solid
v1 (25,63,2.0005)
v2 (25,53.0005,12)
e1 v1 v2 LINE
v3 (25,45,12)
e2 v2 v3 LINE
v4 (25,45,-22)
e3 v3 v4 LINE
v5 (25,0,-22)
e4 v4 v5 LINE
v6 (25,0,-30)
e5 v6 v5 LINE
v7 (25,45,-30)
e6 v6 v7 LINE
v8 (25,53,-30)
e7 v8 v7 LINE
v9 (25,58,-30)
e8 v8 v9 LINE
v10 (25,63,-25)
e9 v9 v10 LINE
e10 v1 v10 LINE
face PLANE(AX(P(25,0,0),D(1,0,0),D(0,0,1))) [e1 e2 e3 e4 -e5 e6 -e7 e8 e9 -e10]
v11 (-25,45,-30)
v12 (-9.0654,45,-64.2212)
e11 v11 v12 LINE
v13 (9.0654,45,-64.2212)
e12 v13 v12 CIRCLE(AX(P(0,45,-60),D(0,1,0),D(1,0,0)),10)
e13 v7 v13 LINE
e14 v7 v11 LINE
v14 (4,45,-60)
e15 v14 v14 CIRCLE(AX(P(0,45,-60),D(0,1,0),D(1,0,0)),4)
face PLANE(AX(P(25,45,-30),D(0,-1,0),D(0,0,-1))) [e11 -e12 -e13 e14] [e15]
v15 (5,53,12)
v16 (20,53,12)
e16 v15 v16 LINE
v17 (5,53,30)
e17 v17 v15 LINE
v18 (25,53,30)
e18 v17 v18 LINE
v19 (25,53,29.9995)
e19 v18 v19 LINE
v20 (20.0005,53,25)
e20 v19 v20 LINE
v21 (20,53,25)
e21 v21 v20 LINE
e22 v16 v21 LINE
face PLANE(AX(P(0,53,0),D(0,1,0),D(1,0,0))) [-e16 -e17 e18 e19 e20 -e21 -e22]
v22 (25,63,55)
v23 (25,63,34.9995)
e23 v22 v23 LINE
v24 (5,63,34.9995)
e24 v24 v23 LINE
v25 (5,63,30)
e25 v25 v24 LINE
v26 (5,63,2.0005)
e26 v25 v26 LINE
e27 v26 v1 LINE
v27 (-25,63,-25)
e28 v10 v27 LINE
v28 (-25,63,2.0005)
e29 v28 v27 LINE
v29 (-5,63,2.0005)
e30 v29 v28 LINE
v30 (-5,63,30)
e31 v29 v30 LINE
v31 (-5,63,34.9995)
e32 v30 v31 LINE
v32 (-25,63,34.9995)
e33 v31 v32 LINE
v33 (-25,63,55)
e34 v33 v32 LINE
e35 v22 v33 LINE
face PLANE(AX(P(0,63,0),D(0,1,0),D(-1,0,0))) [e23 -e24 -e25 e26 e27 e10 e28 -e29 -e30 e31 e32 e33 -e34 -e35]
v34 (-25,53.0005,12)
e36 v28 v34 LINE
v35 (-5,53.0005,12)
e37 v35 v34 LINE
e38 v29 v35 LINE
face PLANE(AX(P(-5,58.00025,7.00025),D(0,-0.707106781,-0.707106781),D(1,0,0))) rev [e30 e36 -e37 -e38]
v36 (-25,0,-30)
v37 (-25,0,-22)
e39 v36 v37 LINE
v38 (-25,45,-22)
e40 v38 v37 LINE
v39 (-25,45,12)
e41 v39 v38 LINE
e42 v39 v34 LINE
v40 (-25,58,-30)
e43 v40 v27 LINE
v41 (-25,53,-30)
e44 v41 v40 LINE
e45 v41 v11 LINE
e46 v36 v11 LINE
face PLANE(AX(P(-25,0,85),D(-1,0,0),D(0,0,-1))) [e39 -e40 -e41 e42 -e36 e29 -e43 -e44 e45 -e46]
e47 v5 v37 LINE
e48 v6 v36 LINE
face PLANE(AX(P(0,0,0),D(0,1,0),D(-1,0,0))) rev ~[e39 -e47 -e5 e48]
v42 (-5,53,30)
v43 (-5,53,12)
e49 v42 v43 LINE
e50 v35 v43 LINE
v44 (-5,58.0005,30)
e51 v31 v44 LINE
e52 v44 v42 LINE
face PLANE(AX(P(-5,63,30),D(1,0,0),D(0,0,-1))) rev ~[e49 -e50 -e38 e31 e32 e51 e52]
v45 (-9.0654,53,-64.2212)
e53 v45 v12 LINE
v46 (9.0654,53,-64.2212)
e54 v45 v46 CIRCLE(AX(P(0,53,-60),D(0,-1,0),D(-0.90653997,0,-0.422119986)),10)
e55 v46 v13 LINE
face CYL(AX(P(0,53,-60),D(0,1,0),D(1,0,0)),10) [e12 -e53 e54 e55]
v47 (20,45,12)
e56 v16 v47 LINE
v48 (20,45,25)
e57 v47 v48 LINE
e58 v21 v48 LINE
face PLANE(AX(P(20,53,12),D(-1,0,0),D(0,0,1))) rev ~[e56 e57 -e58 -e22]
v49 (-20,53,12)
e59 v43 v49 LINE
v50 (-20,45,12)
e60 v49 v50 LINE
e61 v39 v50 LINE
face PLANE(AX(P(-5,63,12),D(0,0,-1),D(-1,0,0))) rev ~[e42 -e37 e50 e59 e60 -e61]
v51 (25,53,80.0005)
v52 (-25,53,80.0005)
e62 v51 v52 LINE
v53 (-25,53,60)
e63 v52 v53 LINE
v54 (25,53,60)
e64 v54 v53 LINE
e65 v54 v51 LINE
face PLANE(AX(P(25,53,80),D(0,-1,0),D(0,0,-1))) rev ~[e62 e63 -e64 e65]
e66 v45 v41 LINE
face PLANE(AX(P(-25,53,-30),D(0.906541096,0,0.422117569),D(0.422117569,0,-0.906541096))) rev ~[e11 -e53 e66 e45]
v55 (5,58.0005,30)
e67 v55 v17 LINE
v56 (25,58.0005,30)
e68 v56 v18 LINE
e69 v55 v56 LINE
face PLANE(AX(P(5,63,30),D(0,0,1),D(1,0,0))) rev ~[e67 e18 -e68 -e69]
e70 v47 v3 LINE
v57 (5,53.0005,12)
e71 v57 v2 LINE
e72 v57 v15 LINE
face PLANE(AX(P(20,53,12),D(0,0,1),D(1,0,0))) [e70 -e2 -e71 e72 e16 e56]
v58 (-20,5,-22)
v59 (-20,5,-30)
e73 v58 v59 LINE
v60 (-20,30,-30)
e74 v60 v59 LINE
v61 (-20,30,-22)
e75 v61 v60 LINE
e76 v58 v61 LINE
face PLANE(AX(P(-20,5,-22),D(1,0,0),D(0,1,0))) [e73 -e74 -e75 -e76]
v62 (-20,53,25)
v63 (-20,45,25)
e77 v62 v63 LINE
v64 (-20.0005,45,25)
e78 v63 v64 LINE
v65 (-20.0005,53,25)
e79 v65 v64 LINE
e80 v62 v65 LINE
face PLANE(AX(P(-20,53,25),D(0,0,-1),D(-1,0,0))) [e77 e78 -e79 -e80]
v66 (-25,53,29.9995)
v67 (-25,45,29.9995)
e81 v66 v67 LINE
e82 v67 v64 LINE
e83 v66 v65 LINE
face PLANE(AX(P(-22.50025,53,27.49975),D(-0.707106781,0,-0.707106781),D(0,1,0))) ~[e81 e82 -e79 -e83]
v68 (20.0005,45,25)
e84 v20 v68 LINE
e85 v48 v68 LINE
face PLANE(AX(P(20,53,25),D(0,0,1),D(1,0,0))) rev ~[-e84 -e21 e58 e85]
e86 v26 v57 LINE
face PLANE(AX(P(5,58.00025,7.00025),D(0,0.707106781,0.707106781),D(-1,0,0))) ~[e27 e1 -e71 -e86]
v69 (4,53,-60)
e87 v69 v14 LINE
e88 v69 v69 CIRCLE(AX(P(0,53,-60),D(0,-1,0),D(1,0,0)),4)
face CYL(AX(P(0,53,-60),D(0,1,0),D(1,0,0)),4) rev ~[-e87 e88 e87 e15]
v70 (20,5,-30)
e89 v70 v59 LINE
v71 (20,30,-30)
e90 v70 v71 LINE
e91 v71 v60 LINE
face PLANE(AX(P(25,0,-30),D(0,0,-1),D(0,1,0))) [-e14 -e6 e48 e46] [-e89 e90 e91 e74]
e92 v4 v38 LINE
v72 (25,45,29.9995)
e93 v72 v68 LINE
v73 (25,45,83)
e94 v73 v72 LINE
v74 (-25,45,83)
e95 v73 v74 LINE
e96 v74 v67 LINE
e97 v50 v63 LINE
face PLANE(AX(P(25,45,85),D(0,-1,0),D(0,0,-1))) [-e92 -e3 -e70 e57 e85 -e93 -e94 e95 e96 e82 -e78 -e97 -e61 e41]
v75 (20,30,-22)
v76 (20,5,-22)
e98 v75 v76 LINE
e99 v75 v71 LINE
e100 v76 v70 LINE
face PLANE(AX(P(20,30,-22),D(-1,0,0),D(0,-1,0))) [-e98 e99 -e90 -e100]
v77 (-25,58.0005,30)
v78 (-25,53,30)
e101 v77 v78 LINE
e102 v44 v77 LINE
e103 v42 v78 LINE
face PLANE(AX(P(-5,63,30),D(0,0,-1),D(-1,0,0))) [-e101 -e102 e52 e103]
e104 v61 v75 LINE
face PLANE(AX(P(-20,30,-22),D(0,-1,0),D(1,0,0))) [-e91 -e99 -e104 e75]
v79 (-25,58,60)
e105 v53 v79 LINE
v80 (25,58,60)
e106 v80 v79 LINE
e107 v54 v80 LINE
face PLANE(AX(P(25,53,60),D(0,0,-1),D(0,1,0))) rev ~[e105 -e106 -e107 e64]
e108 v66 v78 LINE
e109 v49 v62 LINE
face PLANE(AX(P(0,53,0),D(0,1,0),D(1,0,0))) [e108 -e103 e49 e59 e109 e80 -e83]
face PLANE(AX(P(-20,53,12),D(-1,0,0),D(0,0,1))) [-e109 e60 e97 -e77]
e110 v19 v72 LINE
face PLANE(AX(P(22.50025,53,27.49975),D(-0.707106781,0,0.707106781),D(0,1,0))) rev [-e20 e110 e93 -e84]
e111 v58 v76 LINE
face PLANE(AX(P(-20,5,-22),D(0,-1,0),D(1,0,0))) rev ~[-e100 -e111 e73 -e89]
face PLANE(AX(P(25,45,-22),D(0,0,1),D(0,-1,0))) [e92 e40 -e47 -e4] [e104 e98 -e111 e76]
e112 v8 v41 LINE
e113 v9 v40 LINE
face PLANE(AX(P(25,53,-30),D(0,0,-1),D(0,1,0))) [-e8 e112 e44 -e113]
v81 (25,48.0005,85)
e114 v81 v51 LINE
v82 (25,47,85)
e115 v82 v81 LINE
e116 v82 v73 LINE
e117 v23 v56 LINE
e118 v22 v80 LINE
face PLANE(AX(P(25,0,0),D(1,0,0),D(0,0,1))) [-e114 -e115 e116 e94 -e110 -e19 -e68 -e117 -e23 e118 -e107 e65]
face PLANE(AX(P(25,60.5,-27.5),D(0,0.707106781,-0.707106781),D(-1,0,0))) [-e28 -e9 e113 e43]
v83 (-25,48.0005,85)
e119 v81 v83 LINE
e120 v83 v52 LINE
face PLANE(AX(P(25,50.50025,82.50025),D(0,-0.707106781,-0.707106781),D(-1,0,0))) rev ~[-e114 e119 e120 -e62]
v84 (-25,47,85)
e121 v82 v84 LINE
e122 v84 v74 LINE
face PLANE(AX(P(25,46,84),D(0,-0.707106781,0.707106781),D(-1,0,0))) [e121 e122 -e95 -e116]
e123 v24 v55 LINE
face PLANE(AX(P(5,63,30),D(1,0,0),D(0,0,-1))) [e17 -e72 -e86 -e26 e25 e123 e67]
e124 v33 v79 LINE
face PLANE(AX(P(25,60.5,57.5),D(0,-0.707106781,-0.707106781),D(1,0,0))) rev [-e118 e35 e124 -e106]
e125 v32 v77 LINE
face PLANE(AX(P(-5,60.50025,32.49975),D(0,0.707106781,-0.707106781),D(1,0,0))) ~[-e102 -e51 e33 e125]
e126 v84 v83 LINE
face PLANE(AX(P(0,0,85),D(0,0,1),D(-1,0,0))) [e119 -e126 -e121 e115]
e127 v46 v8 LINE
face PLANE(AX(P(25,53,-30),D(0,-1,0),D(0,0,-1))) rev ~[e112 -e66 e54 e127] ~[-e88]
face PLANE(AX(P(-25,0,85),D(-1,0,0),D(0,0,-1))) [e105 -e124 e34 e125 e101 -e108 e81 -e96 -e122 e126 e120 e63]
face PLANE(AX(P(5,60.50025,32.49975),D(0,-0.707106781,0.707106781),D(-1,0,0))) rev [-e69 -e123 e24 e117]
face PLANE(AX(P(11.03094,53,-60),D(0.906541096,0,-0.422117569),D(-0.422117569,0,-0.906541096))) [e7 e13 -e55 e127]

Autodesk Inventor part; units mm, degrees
ref_plane "YZ Plane" through (0, 0, 0) normal (1, 0, 0) x (0, 1, 0)
ref_plane "XZ Plane" through (0, 0, 0) normal (0, 1, 0) x (-1, 0, 0)
ref_plane "XY Plane" through (0, 0, 0) normal (0, 0, 1) x (1, 0, 0)
sketch "Sketch1" plane through (0, 0, 0) normal (0, 1, 0) x (-1, 0, 0)
  line L0 (0, 85) -> (0, -85)
  line L1 (25, 0) -> (-25, 0)
  line L2 (0, 85) -> (25, 85)
  line L3 (25, 85) -> (25, -85)
  line L4 (25, -85) -> (-25, -85)
  line L5 (-25, -85) -> (-25, 85)
  line L6 (-25, 85) -> (0, 85)
  point P0 (0, 0)
  point P1 (0, 0)
  point P2 (0, 0)
  dimension "d1" = 50
extrude "Extrusion1" add sketch "Sketch1" along normal blind 63
sketch "Sketch2" plane through (25, 0, 85) normal (1, 0, 0) x (0, 0, -1)
  line L0 (0, 0) -> (170, 0) projected
  line L1 (170, 0) -> (170, 63) projected
  line L2 (0, 63) -> (170, 63) projected
  line L3 (0, 0) -> (0, 63) projected
  line L4 (0, 0) -> (170, 0) projected
  line L5 (0, 0) -> (0, 45)
  line L6 (0, 0) -> (0, 63) projected
  line L7 (0, 45) -> (107, 45)
  line L8 (107, 45) -> (107, 0)
  point P0 (85, 0)
  dimension "d4" = 45
  dimension "d5" = 107
extrude "Extrusion2" cut sketch "Sketch2" against normal up to next contours L3 L7 L8 L0
sketch "Sketch3" plane through (25, 0, -22) normal (0, 0, 1) x (1, 0, 0)
  line L0 (-50, 0) -> (-50, 45) projected
  line L1 (0, 0) -> (-50, 0) projected
  line L2 (0, 45) -> (0, 0) projected
  line L3 (0, 45) -> (-50, 45) projected
  line L4 (-45, 5) -> (-5, 5)
  line L5 (-5, 30) -> (-5, 5)
  line L6 (-45, 5) -> (-45, 30)
  line L7 (-45, 30) -> (-5, 30)
  point P0 (-25, 0)
  dimension "d10" = 25
  dimension "d11" = 5
  dimension "d12" = 5
  dimension "d13" = 5
extrude "Extrusion3" cut sketch "Sketch3" against normal up to next contours L6 L7 L5 L4
sketch "Sketch4" plane through (25, 0, -85) normal (1, 0, 0) x (0, 0, -1)
  line L0 (-63, 45) -> (-63, 0) projected
  line L1 (-63, 0) -> (0, 0) projected
  line L2 (0, 0) -> (0, 63) projected
  line L3 (-170, 63) -> (0, 63) projected
  line L4 (-170, 45) -> (-170, 63) projected
  line L5 (-170, 45) -> (-63, 45) projected
  line L6 (-170, 45) -> (-165, 45)
  line L7 (-170, 45) -> (-63, 45) projected
  line L8 (-165, 45) -> (-165, 63)
  line L9 (-170, 63) -> (0, 63) projected
  line L10 (-170, 45) -> (-170, 53)
  line L11 (-170, 45) -> (-170, 63) projected
  line L12 (-170, 53) -> (-165, 53)
  line L13 (-170, 53) -> (-170, 63)
  point P0 (-85, 0)
  dimension "d16" = 5
  dimension "d20" = 8
chamfer "Chamfer1" distance 2 angle 45 1 edges at (0, 45, 85)
extrude "Extrusion4" cut sketch "Sketch4" against normal up to next contours L12 L4 L3 L8
chamfer "Chamfer2" distance 5 angle 45 1 edges at (0, 53, 85)
sketch "Sketch5" plane through (25, 0, -85) normal (1, 0, 0) x (0, 0, -1)
  line L0 (-170, 48) -> (-165, 53) projected
  line L1 (-170, 47) -> (-170, 48) projected
  line L2 (-168, 45) -> (-170, 47) projected
  line L3 (-168, 45) -> (-63, 45) projected
  line L4 (-63, 45) -> (-63, 0) projected
  line L5 (-63, 0) -> (0, 0) projected
  line L6 (0, 0) -> (0, 63) projected
  line L7 (-165, 63) -> (0, 63) projected
  line L8 (-165, 63) -> (-165, 53) projected
  line L9 (-165, 53) -> (-165, 63) projected
  line L10 (-165, 53) -> (-145, 53)
  line L11 (-145, 53) -> (-145, 63)
  point P0 (-85, 0)
  dimension "d26" = 20
extrude "Extrusion5" cut sketch "Sketch5" against normal up to next contours L8 L7 L11 L10
chamfer "Chamfer3" distance 5 angle 45 1 edges at (0, 63, 60)
sketch "Sketch6" plane through (25, 0, -85) normal (1, 0, 0) x (0, 0, -1)
  line L0 (-145, 58) -> (-140, 63) projected
  line L1 (-145, 58) -> (-145, 53) projected
  line L2 (-145, 53) -> (-165, 53) projected
  line L3 (-170, 48) -> (-165, 53) projected
  line L4 (-170, 47) -> (-170, 48) projected
  line L5 (-168, 45) -> (-170, 47) projected
  line L6 (-168, 45) -> (-63, 45) projected
  line L7 (-63, 45) -> (-63, 0) projected
  line L8 (-63, 0) -> (0, 0) projected
  line L9 (0, 0) -> (0, 63) projected
  line L10 (-140, 63) -> (0, 63) projected
  line L11 (-170, 47) -> (-170, 0)
  line L12 (-170, 0) -> (-40, 0)
  line L13 (-63, 0) -> (0, 0) projected
  line L14 (-170, 0) -> (-55, 0)
  line L15 (-55, 0) -> (-55, 45)
  line L16 (-55, 45) -> (0, 45)
  line L17 (0, 0) -> (0, 63) projected
  line L18 (-55, 45) -> (-55, 53)
  line L19 (-55, 53) -> (0, 53)
  line L20 (-55, 53) -> (-55, 63)
  line L21 (0, 63) -> (-140, 63) projected
  line L22 (-55, 63) -> (0, 63)
  point P0 (-85, 0)
  dimension "d32" = 130
  dimension "d33" = 115
  dimension "d34" = 8
extrude "Extrusion6" cut sketch "Sketch6" against normal up to next contours L10 L9 L19 L20 | L16 L9 L8 L15
sketch "Sketch7" plane through (25, 53, -30) normal (0, 1, 0) x (1, 0, 0)
  line L0 (-50, 0) -> (-50, 55) projected
  line L1 (0, 0) -> (-50, 0) projected
  line L2 (0, 55) -> (0, 0) projected
  line L3 (-50, 55) -> (0, 55) projected
  line L4 (0, 0) -> (0, 30)
  line L5 (0, 0) -> (0, 55) projected
  line L6 (0, 30) -> (-50, 30)
  line L7 (-25, -30) -> (-25, 55)
  circle A0 centre (-25, 30) radius 4
  circle A1 centre (-25, 30) radius 10
  line L8 (0, 0) -> (-15.9346, 34.2212)
  line L9 (-50, 0) -> (-34.0654, 34.2212)
  dimension "d37" = 30
  dimension "d38" = 8
  dimension "d39" = 20
extrude "Extrusion7" cut sketch "Sketch7" against normal up to next contours L0 L6 L9 | L0 L3 L7 A1 L9 L6 | L8 L6 L2 | L3 L2 L6 L8 A1 L7 | A0 L6 L7 | L7 L6 A0 | A0 L7 L6 | L7 A0 L6
chamfer "Chamfer4" distance 5 angle 45 1 edges at (0, 63, -30)
sketch "Sketch8" plane through (0, 63, 0) normal (0, 1, 0) x (1, 0, 0)
  line L0 (-25, -85) -> (25, -85) projected
  line L1 (-25, 25) -> (25, 25) projected
  line L2 (-25, 25) -> (-25, -55) projected
  line L3 (25, -55) -> (-25, -55) projected
  line L4 (25, -55) -> (25, 25) projected
  line L5 (25, -85) -> (-25, -85) projected
  line L6 (25, -85) -> (36, -85)
  line L7 (36, -85) -> (36, -5)
  line L8 (25, -55) -> (25, -30)
  line L9 (25, -55) -> (25, 25) projected
  line L10 (5, -30) -> (25, -30)
  line L11 (5, -30) -> (5, -12)
  line L12 (5, -12) -> (25, -12)
  line L13 (0, -38) -> (0, 17)
  line L14 (-5, -30) -> (-25, -30)
  line L15 (-5, -30) -> (-5, -12)
  line L16 (-5, -12) -> (-25, -12)
  point P0 (0, 0)
  dimension "d45" = 80
  dimension "d46" = 25
  dimension "d47" = 20
  dimension "d48" = 18
extrude "Extrusion8" cut sketch "Sketch8" against normal blind 10 contours L16 L15 L14 L2 | L4 L10 L11 L12
chamfer "Chamfer5" distance 10 angle 45 1 edges at (15, 63, 12)
chamfer "Chamfer6" distance 10 angle 45 1 edges at (-15, 63, 12)
sketch "Sketch9" plane through (0, 53, 0) normal (0, 1, 0) x (1, 0, 0)
  line L0 (25, -30) -> (5, -30) projected
  line L1 (25, -12) -> (25, -30) projected
  line L2 (5, -12) -> (25, -12) projected
  line L3 (5, -30) -> (5, -12) projected
  line L4 (-25, -12) -> (-5, -12) projected
  line L5 (-25, -30) -> (-25, -12) projected
  line L6 (-5, -30) -> (-25, -30) projected
  line L7 (-5, -12) -> (-5, -30) projected
  line L8 (0, 0) -> (0, -34)
  line L9 (25, -12) -> (20, -12)
  line L10 (20, -12) -> (20, -25)
  line L11 (20, -25) -> (25, -25)
  line L12 (25, -83) -> (25, 22) projected
  line L13 (-5, -12) -> (-25, -12)
  line L14 (-20, -12) -> (-20, -25)
  line L15 (-20, -25) -> (-25, -25)
  dimension "d57" = 5
  dimension "d58" = 13
extrude "Extrusion9" cut sketch "Sketch9" against normal up to next contours L11 L10 L2 L1 | L4 L14 L15 L5
chamfer "Chamfer7" distance 5 angle 45 4 edges at (15, 63, 30) (-15, 63, 30) (25, 49, 25) (-25, 49, 25)
properties part number "PIEZA_3D_1EX"
